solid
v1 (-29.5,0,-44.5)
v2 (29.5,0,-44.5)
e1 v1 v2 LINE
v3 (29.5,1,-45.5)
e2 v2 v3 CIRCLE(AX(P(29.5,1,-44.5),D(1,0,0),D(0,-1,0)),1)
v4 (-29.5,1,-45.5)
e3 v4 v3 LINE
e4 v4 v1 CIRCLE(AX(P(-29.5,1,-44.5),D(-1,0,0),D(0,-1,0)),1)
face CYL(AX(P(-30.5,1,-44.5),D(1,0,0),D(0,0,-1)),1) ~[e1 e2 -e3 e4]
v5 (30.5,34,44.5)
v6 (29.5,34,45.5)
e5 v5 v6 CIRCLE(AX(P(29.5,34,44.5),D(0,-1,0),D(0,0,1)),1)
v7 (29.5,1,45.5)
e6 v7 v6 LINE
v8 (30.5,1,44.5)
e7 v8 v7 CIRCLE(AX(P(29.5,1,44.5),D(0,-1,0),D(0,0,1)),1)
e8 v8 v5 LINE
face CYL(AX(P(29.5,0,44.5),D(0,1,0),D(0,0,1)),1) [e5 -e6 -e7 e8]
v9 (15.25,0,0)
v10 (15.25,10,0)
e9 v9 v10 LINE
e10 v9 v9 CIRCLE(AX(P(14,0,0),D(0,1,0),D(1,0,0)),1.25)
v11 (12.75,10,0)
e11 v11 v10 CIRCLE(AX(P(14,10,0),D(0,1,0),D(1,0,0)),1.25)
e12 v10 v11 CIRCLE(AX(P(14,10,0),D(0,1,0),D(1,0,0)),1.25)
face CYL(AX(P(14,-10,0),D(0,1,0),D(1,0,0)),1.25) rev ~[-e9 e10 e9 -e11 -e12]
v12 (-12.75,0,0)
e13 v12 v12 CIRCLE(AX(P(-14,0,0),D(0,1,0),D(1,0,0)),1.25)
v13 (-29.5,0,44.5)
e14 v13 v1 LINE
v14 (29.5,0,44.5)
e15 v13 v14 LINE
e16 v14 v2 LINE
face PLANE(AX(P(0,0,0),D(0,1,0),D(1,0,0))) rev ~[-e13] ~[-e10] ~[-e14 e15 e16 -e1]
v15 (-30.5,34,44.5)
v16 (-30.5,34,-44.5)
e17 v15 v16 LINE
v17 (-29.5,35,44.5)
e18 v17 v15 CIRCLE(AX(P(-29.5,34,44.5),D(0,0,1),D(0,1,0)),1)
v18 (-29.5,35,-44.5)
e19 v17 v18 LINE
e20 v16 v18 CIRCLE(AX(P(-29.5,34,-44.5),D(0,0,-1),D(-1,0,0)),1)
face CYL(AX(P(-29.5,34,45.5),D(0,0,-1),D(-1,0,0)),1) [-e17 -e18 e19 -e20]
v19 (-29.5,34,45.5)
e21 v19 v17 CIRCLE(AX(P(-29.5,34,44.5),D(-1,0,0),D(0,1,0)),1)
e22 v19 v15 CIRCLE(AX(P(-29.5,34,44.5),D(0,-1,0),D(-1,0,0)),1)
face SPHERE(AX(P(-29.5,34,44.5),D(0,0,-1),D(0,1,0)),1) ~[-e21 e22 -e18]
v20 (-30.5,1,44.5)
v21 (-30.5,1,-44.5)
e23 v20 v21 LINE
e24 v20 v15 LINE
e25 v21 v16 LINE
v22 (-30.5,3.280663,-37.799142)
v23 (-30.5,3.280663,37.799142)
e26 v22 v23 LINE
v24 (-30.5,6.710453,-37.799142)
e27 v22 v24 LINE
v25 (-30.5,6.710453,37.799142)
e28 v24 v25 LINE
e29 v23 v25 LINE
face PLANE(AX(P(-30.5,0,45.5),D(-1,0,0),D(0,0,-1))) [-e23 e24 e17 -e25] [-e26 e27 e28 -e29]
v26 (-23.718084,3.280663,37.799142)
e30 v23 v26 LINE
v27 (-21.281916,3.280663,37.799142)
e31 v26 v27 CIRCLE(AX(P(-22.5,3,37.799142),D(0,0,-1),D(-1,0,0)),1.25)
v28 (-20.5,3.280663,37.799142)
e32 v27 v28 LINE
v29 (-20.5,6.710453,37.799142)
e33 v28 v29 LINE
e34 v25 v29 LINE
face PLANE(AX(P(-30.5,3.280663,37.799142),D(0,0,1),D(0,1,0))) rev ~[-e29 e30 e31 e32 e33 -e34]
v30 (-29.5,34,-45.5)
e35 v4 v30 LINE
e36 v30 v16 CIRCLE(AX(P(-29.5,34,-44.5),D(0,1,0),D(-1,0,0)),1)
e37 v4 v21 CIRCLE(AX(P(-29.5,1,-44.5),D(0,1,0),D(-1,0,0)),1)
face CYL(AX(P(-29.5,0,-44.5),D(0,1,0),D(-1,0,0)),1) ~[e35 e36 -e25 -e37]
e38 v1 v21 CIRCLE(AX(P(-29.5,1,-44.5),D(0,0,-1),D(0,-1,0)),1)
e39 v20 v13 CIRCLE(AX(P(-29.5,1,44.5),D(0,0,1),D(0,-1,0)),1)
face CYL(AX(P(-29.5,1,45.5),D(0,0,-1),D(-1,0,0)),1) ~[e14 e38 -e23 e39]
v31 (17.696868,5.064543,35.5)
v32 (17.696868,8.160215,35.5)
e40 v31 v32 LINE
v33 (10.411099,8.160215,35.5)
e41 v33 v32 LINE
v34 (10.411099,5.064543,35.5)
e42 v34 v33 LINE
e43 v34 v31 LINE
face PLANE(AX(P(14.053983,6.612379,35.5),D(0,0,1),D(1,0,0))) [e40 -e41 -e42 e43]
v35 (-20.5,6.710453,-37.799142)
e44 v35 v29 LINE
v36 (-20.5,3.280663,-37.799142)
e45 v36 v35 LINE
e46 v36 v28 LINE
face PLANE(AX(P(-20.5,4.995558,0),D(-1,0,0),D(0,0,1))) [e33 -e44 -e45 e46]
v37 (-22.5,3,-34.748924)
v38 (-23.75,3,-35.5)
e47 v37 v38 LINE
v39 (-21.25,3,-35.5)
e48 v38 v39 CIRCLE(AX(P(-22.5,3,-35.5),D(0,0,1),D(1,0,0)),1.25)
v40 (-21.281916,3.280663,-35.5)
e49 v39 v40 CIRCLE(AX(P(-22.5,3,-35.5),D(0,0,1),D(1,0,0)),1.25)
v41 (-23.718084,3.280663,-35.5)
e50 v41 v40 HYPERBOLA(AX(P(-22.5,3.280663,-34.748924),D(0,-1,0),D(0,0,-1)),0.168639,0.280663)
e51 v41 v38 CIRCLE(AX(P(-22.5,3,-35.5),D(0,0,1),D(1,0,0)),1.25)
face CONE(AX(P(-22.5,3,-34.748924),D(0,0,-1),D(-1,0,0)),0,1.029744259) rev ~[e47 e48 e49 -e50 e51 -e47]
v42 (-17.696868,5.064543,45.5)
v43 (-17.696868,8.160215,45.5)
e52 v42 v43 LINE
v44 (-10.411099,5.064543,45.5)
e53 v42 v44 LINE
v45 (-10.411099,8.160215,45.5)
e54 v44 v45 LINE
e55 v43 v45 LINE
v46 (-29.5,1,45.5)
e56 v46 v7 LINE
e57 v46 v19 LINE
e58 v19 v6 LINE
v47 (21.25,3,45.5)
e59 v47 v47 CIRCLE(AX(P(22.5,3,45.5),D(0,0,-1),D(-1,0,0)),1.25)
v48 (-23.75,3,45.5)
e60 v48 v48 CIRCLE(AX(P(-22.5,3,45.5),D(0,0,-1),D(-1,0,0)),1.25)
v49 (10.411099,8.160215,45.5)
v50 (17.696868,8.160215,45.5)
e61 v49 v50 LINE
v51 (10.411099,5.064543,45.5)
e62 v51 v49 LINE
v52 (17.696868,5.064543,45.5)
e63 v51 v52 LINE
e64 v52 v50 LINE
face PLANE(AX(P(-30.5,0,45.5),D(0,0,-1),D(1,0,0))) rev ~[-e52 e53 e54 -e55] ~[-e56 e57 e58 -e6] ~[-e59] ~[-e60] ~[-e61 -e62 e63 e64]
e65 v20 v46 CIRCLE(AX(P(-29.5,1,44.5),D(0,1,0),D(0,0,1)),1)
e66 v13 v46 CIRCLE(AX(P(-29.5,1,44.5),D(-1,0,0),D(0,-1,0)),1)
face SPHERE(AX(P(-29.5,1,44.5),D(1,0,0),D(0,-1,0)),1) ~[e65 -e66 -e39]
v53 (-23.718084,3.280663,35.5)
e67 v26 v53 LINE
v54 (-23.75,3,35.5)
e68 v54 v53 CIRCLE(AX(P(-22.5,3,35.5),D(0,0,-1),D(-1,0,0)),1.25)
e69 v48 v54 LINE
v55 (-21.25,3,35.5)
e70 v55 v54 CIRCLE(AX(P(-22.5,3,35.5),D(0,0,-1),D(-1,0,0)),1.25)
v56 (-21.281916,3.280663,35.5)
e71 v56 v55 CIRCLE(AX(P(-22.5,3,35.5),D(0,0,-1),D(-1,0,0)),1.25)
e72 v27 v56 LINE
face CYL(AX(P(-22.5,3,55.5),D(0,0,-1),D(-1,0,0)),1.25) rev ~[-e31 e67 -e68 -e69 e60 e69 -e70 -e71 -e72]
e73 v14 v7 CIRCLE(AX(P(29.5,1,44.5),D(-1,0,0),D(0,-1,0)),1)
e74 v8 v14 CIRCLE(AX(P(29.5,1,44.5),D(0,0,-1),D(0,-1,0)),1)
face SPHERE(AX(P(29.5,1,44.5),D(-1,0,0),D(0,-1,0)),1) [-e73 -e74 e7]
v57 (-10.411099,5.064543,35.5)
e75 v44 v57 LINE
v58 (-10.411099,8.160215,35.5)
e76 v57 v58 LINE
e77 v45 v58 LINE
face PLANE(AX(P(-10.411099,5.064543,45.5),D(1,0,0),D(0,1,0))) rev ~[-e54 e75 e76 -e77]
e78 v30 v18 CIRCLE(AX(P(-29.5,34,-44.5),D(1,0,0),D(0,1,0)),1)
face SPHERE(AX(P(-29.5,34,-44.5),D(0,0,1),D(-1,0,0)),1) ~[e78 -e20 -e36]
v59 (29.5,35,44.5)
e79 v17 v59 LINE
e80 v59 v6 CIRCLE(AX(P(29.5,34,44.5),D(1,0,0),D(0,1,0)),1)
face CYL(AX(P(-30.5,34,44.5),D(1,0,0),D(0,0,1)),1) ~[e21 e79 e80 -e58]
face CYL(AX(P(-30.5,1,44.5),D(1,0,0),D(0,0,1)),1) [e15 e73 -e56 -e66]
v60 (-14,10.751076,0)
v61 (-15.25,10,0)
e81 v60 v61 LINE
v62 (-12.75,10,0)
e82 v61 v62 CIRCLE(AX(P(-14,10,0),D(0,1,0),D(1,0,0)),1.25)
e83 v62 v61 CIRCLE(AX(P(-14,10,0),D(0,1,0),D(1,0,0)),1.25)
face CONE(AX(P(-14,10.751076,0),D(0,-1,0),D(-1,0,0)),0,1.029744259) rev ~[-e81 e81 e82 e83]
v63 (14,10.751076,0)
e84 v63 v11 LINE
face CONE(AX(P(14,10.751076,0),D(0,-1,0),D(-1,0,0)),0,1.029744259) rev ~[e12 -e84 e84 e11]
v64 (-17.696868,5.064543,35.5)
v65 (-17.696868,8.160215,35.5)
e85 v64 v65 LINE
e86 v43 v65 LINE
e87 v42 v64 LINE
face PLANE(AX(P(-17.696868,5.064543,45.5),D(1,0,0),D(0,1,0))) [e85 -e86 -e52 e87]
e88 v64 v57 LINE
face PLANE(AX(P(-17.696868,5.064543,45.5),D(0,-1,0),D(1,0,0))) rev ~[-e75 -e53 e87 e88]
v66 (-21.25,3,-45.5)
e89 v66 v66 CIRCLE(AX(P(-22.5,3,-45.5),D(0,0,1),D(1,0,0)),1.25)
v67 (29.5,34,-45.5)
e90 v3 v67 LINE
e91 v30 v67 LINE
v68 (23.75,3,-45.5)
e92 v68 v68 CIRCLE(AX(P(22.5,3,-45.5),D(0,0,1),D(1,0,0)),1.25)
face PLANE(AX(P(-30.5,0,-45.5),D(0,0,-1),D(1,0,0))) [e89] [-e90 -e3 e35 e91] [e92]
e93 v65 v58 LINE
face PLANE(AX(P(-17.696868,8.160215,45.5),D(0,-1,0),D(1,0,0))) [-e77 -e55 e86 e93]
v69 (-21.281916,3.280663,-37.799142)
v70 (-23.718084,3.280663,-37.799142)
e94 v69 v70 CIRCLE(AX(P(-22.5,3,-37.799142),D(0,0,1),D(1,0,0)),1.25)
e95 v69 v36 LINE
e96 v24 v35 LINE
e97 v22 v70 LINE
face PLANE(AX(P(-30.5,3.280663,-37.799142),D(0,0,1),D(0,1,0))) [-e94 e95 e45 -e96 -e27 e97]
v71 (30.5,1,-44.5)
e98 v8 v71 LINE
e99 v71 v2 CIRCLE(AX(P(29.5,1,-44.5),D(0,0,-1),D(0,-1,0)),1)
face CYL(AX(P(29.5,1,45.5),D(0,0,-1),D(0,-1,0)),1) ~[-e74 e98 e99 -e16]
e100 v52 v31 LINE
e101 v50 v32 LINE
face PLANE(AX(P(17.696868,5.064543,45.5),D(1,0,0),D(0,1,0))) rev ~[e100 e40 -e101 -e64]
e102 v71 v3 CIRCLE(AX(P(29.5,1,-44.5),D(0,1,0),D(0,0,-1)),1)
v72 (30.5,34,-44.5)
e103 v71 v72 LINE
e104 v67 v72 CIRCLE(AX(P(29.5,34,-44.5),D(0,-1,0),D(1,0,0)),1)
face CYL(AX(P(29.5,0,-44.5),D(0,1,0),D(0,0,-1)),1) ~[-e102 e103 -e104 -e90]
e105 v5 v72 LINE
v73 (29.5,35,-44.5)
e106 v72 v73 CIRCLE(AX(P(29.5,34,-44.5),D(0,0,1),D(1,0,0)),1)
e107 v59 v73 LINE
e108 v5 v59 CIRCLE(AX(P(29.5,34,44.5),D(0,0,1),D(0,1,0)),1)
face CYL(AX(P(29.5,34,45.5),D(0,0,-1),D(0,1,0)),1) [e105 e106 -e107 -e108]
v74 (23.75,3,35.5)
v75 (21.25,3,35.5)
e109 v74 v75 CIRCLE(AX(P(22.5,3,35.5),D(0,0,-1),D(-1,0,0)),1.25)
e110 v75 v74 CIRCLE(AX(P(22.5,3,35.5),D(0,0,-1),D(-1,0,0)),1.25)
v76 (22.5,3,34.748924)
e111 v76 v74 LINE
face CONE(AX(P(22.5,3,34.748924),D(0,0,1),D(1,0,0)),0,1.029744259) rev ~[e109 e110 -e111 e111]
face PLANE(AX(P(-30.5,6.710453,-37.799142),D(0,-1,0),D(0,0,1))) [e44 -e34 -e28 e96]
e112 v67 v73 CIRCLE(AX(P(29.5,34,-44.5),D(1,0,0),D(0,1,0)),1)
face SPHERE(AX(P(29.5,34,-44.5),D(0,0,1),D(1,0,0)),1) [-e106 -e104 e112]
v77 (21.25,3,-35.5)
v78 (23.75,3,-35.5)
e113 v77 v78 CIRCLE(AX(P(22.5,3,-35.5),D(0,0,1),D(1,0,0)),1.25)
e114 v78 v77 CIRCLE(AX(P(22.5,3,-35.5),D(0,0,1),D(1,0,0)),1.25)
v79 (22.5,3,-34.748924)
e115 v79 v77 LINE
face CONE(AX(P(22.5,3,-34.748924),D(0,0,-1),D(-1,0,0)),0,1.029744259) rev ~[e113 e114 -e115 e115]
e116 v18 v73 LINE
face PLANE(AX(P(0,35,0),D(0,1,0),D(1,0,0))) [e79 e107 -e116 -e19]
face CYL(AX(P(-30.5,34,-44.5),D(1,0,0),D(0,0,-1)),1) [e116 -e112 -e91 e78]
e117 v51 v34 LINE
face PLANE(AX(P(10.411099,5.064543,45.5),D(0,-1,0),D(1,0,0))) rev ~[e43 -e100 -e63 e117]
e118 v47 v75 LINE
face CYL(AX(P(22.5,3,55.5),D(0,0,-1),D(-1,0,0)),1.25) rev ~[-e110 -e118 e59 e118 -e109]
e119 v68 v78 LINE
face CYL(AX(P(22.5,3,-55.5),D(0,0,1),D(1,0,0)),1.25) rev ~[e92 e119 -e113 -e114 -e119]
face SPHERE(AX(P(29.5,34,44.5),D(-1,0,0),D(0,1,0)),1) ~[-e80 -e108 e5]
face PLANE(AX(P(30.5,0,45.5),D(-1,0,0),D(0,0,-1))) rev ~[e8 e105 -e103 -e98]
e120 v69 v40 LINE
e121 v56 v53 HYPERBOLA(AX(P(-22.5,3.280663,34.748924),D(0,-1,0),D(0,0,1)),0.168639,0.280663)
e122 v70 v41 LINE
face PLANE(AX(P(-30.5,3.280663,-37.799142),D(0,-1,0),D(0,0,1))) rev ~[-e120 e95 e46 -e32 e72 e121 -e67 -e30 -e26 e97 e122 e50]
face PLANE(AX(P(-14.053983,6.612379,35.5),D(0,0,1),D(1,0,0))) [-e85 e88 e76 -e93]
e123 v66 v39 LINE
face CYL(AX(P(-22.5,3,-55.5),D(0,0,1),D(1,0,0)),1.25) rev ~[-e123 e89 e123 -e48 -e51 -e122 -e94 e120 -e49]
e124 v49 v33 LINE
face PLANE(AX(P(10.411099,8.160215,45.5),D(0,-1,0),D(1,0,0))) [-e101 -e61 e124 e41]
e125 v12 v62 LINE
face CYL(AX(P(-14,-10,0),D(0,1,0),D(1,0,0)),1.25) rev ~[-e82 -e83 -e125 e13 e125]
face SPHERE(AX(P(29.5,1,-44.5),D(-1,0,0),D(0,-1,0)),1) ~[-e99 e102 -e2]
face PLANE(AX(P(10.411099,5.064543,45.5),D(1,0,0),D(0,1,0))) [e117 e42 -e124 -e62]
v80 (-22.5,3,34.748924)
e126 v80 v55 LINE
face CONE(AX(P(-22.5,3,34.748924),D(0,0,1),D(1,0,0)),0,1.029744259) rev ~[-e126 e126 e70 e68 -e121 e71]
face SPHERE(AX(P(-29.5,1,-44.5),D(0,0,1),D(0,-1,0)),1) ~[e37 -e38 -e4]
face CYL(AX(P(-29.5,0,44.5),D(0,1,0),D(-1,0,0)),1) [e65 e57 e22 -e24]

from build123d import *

# Parameters (mm, degrees)
SKETCH_1_W             = 61
SKETCH_1_H             = 91
EXTRUDE_1_DEPTH        = 35
HOLE_WIZARD_M3_1_D     = 2.5
HOLE_WIZARD_M3_1_DEPTH = 10
HOLE_WIZARD_M3_1_TIP   = 0.751075774
M3X0_5_1_D             = 2.5
M3X0_5_1_DEPTH         = 10
M3X0_5_1_TIP           = 0.751075774
HOLE_WIZARD_M3_2_D     = 2.5
HOLE_WIZARD_M3_2_DEPTH = 10
HOLE_WIZARD_M3_2_TIP   = 0.751075774
FILLET_1_R             = 1
SKETCH_9_W             = 7.285769401
SKETCH_9_H             = 3.095672023
CUT_EXTRUDE_1_DEPTH    = 10
SKETCH_10_W            = 75.598284418
SKETCH_10_H            = 3.429789841
CUT_EXTRUDE_2_DEPTH    = 10


with BuildPart() as part:
    # 草图1 → 凸台-拉伸1 (new body)
    with BuildSketch(Plane(origin=(0, 0, 0), x_dir=(1, 0, 0), z_dir=(0, 1, 0))):
        Rectangle(SKETCH_1_W, SKETCH_1_H)
    extrude(amount=EXTRUDE_1_DEPTH)

    # M3 螺纹孔1
    with Locations(Plane(origin=(-22.5, 3, 45.5), x_dir=(1, 0, 0), z_dir=(0, 0, 1))):
        with Locations((0, 0), (45, 0)):
            Hole(HOLE_WIZARD_M3_1_D / 2, depth=HOLE_WIZARD_M3_1_DEPTH)
            with Locations((0, 0, -(HOLE_WIZARD_M3_1_DEPTH + HOLE_WIZARD_M3_1_TIP / 2))):  # 118° drill point
                Cone(0, HOLE_WIZARD_M3_1_D / 2, HOLE_WIZARD_M3_1_TIP, mode=Mode.SUBTRACT)

    # M3x0.5 螺纹孔1
    with Locations(Plane(origin=(0, 0, -45.5), x_dir=(-1, 0, 0), z_dir=(0, 0, -1))):
        with Locations((-22.5, 3), (22.5, 3)):
            Hole(M3X0_5_1_D / 2, depth=M3X0_5_1_DEPTH)
            with Locations((0, 0, -(M3X0_5_1_DEPTH + M3X0_5_1_TIP / 2))):  # 118° drill point
                Cone(0, M3X0_5_1_D / 2, M3X0_5_1_TIP, mode=Mode.SUBTRACT)

    # M3 螺纹孔2
    with Locations(Plane(origin=(0, 0, 0), x_dir=(-1, 0, 0), z_dir=(0, -1, 0))):
        with Locations((14, 0), (-14, 0)):
            Hole(HOLE_WIZARD_M3_2_D / 2, depth=HOLE_WIZARD_M3_2_DEPTH)
            with Locations((0, 0, -(HOLE_WIZARD_M3_2_DEPTH + HOLE_WIZARD_M3_2_TIP / 2))):  # 118° drill point
                Cone(0, HOLE_WIZARD_M3_2_D / 2, HOLE_WIZARD_M3_2_TIP, mode=Mode.SUBTRACT)

    # 圆角1
    fillet_1_edges = [part.edges().sort_by_distance(p)[0] for p in [
        (-30.5, 35, 0),
        (0, 35, 45.5),
        (30.5, 35, 0),
        (0, 0, 45.5),
        (-30.5, 0, 0),
        (0, 0, -45.5),
        (30.5, 0, 0),
        (30.5, 17.5, 45.5),
        (-30.5, 17.5, 45.5),
        (-30.5, 17.5, -45.5),
        (30.5, 17.5, -45.5),
        (0, 35, -45.5),
    ]]
    fillet(fillet_1_edges, radius=FILLET_1_R)

    # 草图9 → 切除-拉伸1 (cut)
    with BuildSketch(Plane.XY.offset(45.5)):
        with Locations((14.053983322, 6.612378958)):
            Rectangle(SKETCH_9_W, SKETCH_9_H)
        with Locations((-14.053983322, 6.612378958)):
            Rectangle(SKETCH_9_W, SKETCH_9_H)
    extrude(amount=-CUT_EXTRUDE_1_DEPTH, mode=Mode.SUBTRACT)

    # 草图10 → 切除-拉伸2 (cut)
    with BuildSketch(Plane.ZY.offset(30.5)):
        with Locations((0, 4.995557871)):
            Rectangle(SKETCH_10_W, SKETCH_10_H)
    extrude(amount=-CUT_EXTRUDE_2_DEPTH, mode=Mode.SUBTRACT)


solid = part.part
